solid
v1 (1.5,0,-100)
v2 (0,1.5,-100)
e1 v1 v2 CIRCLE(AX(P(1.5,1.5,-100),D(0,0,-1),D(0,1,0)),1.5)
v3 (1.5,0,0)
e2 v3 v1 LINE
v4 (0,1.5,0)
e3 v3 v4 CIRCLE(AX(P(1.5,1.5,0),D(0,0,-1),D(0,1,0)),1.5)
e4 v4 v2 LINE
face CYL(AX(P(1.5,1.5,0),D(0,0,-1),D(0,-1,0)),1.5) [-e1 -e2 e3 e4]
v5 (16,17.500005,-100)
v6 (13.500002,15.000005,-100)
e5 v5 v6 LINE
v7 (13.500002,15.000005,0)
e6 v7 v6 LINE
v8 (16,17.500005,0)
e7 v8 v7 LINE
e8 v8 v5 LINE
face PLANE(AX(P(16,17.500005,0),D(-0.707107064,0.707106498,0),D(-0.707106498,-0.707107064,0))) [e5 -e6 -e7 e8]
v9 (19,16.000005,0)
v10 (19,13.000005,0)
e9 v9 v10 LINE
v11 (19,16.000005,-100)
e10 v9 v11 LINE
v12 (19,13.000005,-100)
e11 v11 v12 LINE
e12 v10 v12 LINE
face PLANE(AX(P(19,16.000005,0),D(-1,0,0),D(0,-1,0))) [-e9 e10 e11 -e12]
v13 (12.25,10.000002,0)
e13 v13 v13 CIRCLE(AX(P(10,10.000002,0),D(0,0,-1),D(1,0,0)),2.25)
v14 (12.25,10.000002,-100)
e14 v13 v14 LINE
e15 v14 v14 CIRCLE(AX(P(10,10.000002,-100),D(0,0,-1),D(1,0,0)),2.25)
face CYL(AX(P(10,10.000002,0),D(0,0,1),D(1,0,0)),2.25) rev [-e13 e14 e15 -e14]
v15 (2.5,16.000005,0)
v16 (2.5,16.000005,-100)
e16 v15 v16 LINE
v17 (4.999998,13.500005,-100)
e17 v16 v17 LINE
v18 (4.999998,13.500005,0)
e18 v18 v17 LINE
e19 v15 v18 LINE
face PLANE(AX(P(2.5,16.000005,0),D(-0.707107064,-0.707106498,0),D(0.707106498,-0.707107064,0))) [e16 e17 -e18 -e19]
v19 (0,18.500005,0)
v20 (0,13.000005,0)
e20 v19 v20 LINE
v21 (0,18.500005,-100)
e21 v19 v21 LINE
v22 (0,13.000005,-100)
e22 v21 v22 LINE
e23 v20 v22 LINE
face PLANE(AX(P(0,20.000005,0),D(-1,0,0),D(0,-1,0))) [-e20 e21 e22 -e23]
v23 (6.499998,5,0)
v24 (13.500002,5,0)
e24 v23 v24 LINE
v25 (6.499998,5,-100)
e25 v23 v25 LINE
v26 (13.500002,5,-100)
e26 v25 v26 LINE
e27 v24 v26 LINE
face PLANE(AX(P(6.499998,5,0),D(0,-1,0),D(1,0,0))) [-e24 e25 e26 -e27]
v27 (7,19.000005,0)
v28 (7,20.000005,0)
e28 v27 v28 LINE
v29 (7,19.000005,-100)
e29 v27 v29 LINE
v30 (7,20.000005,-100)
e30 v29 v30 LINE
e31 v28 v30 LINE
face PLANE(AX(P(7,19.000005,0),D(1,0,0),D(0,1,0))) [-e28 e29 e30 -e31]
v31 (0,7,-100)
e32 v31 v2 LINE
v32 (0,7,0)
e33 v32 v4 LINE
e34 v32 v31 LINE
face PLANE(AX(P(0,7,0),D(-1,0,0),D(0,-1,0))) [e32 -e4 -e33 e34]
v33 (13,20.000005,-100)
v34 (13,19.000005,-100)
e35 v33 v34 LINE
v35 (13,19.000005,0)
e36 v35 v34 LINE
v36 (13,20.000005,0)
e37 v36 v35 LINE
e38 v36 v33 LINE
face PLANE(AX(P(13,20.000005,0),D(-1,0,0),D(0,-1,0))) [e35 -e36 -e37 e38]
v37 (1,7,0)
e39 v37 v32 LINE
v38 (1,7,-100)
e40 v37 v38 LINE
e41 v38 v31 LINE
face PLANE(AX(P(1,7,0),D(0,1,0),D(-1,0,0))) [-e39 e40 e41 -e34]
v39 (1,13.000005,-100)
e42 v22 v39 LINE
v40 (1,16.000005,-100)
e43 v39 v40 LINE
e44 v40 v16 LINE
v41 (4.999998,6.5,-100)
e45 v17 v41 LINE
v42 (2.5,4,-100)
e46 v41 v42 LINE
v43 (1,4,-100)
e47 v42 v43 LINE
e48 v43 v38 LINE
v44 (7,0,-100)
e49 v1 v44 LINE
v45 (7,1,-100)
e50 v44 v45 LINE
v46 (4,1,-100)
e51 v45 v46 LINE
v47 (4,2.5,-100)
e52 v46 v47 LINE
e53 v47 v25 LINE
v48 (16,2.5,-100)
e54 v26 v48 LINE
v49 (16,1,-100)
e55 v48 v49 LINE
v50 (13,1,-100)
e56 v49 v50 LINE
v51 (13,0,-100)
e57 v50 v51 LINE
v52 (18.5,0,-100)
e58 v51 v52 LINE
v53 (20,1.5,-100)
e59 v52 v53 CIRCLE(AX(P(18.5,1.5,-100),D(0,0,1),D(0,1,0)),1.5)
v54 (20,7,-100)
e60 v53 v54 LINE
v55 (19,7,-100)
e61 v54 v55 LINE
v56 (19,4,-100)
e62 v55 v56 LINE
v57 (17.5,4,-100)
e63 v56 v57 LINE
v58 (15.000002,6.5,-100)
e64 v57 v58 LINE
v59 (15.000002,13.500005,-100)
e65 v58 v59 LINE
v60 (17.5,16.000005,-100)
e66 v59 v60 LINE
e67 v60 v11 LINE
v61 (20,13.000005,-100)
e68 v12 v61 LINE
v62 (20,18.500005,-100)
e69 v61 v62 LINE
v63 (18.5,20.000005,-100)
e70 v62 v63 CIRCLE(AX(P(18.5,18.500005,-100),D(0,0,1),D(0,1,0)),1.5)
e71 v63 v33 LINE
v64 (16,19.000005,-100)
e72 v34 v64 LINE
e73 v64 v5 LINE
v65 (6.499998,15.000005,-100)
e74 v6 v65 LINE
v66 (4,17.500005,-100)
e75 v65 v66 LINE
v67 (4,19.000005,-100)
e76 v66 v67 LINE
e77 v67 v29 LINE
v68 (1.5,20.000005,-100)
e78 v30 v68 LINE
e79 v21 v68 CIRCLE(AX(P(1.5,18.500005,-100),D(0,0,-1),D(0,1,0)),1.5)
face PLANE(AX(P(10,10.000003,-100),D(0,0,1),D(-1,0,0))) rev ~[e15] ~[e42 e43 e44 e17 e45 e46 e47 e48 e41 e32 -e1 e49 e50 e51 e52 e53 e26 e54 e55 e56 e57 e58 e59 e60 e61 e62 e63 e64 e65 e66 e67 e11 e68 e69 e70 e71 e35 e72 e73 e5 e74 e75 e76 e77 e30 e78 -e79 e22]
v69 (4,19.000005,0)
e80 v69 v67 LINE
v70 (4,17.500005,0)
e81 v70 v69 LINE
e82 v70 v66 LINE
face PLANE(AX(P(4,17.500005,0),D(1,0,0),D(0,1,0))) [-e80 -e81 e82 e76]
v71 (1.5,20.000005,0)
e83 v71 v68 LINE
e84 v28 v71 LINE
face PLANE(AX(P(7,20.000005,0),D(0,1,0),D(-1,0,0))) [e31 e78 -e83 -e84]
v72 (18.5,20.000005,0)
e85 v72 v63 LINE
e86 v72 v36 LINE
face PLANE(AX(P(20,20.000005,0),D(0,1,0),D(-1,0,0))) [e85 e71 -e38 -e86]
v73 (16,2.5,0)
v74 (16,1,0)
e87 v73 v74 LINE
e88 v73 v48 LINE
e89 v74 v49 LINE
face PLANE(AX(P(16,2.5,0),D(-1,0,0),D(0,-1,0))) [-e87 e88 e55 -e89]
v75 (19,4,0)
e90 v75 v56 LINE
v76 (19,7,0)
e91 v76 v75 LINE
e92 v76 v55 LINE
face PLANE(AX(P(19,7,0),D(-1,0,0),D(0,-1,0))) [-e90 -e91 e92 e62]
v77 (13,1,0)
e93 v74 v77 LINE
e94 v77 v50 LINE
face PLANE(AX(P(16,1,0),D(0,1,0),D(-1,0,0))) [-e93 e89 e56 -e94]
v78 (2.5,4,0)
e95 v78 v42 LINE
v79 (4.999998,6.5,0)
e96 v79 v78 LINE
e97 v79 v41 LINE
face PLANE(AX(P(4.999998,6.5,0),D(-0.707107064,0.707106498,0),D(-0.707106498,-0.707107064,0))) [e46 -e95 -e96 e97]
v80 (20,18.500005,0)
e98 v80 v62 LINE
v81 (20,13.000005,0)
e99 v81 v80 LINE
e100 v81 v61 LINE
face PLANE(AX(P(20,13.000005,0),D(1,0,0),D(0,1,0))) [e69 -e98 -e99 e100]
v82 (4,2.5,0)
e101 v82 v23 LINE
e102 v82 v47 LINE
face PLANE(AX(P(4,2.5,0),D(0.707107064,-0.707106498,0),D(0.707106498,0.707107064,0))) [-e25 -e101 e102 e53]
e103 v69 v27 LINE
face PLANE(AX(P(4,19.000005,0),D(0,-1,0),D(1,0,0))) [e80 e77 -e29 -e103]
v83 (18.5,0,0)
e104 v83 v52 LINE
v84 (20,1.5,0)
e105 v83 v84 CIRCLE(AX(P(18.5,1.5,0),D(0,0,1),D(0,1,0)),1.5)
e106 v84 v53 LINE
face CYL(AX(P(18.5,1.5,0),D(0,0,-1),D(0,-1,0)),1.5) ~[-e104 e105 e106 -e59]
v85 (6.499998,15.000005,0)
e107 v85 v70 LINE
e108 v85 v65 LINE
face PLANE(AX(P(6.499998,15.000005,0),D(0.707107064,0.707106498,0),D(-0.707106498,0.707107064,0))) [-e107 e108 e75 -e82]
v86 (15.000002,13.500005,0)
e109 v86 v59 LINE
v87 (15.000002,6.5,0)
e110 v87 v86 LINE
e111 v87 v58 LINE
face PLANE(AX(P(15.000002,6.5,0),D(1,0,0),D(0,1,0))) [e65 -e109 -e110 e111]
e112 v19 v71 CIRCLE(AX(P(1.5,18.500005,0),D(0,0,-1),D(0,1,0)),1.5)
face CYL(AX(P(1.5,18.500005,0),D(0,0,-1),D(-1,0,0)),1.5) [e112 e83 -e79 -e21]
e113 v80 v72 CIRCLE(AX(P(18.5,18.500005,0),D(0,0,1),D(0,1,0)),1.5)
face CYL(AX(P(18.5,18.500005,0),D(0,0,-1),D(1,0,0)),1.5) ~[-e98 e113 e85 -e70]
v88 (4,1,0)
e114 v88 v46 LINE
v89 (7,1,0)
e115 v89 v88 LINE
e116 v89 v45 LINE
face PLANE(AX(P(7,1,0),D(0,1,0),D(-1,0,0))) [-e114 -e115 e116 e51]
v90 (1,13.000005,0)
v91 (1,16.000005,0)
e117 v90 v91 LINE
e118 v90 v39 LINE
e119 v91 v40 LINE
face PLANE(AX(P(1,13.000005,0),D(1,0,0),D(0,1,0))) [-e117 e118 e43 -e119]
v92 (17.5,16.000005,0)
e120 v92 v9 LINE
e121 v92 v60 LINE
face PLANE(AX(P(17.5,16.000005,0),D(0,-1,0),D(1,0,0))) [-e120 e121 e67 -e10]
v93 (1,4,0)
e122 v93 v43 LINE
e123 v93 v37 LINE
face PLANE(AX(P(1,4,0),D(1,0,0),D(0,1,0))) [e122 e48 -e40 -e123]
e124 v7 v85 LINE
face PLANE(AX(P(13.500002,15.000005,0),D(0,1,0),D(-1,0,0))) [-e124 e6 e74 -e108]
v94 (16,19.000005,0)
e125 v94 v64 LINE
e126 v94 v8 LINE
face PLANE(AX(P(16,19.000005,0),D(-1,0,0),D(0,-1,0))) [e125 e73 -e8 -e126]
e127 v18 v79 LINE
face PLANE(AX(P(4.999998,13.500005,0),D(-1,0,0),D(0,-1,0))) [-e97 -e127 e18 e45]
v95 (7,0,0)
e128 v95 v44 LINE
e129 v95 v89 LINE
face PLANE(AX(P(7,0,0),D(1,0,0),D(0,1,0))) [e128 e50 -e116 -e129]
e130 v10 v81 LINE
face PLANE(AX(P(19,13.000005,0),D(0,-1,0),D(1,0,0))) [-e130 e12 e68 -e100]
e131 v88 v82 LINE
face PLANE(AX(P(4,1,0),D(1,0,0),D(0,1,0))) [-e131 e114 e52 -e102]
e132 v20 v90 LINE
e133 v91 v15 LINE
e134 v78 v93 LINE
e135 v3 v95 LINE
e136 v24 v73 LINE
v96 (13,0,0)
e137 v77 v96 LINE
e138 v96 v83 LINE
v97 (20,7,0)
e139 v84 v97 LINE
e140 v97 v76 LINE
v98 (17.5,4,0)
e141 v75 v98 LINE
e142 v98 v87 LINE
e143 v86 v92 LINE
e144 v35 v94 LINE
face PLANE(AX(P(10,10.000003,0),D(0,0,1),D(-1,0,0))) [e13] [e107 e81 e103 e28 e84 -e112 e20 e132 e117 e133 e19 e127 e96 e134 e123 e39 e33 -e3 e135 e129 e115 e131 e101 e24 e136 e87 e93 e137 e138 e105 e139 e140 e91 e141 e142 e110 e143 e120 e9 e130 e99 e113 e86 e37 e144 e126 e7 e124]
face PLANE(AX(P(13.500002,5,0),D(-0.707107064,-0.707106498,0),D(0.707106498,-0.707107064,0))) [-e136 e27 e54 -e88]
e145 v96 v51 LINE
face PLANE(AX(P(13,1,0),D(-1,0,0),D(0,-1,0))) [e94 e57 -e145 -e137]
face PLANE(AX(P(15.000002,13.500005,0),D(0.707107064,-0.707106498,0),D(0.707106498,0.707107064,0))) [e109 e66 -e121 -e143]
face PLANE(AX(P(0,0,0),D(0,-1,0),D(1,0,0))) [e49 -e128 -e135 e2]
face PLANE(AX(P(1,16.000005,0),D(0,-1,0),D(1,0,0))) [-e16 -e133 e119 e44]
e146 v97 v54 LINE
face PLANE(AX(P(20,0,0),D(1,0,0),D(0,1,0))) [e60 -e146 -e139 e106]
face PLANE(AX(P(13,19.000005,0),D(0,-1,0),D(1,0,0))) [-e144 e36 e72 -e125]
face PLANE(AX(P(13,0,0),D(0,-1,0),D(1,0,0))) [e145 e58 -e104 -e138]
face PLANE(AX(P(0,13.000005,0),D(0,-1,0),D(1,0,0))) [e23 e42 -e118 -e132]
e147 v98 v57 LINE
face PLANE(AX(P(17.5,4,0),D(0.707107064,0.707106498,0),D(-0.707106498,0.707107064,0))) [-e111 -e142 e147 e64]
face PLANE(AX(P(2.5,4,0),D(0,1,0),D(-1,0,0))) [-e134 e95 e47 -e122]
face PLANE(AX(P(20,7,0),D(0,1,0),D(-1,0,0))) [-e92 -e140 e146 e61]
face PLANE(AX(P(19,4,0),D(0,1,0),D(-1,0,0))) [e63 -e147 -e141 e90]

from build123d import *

# Parameters (mm, degrees)
SKETCH_R  = 2.25
PAD_DEPTH = 100
FILLET_R  = 1.5


with BuildPart() as part:
    # Sketch → Pad (new body)
    with BuildSketch(Plane(origin=(0, 0, 0), x_dir=(1, 0, 0), z_dir=(0, 0, -1))):
        Polygon((7, 0), (7, -1), (4, -1), (4, -2.5), (6.499998, -5), (13.500002, -5), (16, -2.5), (16, -1), (13, -1), (13, 0), (20, 0), (20, -7), (19, -7), (19, -4), (17.5, -4), (15.000002, -6.5), (15.000002, -13.500005), (17.5, -16.000005), (19, -16.000005), (19, -13.000005), (20, -13.000005), (20, -20.000005), (13, -20.000005), (13, -19.000005), (16, -19.000005), (16, -17.500005), (13.500002, -15.000005), (6.499998, -15.000005), (4, -17.500005), (4, -19.000005), (7, -19.000005), (7, -20.000005), (0, -20.000005), (0, -13.000005), (1, -13.000005), (1, -16.000005), (2.5, -16.000005), (4.999998, -13.500005), (4.999998, -6.5), (2.5, -4), (1, -4), (1, -7), (0, -7), (0, 0), align=None)
        with Locations((10, -10.000002)):
            Circle(SKETCH_R, mode=Mode.SUBTRACT)
    extrude(amount=PAD_DEPTH)

    # Fillet
    fillet_edges = [part.edges().sort_by_distance(p)[0] for p in [
        (20, 20.000005, -50),
        (20, 0, -50),
        (0, 20.000005, -50),
        (0, 0, -50),
    ]]
    fillet(fillet_edges, radius=FILLET_R)


solid = part.part
